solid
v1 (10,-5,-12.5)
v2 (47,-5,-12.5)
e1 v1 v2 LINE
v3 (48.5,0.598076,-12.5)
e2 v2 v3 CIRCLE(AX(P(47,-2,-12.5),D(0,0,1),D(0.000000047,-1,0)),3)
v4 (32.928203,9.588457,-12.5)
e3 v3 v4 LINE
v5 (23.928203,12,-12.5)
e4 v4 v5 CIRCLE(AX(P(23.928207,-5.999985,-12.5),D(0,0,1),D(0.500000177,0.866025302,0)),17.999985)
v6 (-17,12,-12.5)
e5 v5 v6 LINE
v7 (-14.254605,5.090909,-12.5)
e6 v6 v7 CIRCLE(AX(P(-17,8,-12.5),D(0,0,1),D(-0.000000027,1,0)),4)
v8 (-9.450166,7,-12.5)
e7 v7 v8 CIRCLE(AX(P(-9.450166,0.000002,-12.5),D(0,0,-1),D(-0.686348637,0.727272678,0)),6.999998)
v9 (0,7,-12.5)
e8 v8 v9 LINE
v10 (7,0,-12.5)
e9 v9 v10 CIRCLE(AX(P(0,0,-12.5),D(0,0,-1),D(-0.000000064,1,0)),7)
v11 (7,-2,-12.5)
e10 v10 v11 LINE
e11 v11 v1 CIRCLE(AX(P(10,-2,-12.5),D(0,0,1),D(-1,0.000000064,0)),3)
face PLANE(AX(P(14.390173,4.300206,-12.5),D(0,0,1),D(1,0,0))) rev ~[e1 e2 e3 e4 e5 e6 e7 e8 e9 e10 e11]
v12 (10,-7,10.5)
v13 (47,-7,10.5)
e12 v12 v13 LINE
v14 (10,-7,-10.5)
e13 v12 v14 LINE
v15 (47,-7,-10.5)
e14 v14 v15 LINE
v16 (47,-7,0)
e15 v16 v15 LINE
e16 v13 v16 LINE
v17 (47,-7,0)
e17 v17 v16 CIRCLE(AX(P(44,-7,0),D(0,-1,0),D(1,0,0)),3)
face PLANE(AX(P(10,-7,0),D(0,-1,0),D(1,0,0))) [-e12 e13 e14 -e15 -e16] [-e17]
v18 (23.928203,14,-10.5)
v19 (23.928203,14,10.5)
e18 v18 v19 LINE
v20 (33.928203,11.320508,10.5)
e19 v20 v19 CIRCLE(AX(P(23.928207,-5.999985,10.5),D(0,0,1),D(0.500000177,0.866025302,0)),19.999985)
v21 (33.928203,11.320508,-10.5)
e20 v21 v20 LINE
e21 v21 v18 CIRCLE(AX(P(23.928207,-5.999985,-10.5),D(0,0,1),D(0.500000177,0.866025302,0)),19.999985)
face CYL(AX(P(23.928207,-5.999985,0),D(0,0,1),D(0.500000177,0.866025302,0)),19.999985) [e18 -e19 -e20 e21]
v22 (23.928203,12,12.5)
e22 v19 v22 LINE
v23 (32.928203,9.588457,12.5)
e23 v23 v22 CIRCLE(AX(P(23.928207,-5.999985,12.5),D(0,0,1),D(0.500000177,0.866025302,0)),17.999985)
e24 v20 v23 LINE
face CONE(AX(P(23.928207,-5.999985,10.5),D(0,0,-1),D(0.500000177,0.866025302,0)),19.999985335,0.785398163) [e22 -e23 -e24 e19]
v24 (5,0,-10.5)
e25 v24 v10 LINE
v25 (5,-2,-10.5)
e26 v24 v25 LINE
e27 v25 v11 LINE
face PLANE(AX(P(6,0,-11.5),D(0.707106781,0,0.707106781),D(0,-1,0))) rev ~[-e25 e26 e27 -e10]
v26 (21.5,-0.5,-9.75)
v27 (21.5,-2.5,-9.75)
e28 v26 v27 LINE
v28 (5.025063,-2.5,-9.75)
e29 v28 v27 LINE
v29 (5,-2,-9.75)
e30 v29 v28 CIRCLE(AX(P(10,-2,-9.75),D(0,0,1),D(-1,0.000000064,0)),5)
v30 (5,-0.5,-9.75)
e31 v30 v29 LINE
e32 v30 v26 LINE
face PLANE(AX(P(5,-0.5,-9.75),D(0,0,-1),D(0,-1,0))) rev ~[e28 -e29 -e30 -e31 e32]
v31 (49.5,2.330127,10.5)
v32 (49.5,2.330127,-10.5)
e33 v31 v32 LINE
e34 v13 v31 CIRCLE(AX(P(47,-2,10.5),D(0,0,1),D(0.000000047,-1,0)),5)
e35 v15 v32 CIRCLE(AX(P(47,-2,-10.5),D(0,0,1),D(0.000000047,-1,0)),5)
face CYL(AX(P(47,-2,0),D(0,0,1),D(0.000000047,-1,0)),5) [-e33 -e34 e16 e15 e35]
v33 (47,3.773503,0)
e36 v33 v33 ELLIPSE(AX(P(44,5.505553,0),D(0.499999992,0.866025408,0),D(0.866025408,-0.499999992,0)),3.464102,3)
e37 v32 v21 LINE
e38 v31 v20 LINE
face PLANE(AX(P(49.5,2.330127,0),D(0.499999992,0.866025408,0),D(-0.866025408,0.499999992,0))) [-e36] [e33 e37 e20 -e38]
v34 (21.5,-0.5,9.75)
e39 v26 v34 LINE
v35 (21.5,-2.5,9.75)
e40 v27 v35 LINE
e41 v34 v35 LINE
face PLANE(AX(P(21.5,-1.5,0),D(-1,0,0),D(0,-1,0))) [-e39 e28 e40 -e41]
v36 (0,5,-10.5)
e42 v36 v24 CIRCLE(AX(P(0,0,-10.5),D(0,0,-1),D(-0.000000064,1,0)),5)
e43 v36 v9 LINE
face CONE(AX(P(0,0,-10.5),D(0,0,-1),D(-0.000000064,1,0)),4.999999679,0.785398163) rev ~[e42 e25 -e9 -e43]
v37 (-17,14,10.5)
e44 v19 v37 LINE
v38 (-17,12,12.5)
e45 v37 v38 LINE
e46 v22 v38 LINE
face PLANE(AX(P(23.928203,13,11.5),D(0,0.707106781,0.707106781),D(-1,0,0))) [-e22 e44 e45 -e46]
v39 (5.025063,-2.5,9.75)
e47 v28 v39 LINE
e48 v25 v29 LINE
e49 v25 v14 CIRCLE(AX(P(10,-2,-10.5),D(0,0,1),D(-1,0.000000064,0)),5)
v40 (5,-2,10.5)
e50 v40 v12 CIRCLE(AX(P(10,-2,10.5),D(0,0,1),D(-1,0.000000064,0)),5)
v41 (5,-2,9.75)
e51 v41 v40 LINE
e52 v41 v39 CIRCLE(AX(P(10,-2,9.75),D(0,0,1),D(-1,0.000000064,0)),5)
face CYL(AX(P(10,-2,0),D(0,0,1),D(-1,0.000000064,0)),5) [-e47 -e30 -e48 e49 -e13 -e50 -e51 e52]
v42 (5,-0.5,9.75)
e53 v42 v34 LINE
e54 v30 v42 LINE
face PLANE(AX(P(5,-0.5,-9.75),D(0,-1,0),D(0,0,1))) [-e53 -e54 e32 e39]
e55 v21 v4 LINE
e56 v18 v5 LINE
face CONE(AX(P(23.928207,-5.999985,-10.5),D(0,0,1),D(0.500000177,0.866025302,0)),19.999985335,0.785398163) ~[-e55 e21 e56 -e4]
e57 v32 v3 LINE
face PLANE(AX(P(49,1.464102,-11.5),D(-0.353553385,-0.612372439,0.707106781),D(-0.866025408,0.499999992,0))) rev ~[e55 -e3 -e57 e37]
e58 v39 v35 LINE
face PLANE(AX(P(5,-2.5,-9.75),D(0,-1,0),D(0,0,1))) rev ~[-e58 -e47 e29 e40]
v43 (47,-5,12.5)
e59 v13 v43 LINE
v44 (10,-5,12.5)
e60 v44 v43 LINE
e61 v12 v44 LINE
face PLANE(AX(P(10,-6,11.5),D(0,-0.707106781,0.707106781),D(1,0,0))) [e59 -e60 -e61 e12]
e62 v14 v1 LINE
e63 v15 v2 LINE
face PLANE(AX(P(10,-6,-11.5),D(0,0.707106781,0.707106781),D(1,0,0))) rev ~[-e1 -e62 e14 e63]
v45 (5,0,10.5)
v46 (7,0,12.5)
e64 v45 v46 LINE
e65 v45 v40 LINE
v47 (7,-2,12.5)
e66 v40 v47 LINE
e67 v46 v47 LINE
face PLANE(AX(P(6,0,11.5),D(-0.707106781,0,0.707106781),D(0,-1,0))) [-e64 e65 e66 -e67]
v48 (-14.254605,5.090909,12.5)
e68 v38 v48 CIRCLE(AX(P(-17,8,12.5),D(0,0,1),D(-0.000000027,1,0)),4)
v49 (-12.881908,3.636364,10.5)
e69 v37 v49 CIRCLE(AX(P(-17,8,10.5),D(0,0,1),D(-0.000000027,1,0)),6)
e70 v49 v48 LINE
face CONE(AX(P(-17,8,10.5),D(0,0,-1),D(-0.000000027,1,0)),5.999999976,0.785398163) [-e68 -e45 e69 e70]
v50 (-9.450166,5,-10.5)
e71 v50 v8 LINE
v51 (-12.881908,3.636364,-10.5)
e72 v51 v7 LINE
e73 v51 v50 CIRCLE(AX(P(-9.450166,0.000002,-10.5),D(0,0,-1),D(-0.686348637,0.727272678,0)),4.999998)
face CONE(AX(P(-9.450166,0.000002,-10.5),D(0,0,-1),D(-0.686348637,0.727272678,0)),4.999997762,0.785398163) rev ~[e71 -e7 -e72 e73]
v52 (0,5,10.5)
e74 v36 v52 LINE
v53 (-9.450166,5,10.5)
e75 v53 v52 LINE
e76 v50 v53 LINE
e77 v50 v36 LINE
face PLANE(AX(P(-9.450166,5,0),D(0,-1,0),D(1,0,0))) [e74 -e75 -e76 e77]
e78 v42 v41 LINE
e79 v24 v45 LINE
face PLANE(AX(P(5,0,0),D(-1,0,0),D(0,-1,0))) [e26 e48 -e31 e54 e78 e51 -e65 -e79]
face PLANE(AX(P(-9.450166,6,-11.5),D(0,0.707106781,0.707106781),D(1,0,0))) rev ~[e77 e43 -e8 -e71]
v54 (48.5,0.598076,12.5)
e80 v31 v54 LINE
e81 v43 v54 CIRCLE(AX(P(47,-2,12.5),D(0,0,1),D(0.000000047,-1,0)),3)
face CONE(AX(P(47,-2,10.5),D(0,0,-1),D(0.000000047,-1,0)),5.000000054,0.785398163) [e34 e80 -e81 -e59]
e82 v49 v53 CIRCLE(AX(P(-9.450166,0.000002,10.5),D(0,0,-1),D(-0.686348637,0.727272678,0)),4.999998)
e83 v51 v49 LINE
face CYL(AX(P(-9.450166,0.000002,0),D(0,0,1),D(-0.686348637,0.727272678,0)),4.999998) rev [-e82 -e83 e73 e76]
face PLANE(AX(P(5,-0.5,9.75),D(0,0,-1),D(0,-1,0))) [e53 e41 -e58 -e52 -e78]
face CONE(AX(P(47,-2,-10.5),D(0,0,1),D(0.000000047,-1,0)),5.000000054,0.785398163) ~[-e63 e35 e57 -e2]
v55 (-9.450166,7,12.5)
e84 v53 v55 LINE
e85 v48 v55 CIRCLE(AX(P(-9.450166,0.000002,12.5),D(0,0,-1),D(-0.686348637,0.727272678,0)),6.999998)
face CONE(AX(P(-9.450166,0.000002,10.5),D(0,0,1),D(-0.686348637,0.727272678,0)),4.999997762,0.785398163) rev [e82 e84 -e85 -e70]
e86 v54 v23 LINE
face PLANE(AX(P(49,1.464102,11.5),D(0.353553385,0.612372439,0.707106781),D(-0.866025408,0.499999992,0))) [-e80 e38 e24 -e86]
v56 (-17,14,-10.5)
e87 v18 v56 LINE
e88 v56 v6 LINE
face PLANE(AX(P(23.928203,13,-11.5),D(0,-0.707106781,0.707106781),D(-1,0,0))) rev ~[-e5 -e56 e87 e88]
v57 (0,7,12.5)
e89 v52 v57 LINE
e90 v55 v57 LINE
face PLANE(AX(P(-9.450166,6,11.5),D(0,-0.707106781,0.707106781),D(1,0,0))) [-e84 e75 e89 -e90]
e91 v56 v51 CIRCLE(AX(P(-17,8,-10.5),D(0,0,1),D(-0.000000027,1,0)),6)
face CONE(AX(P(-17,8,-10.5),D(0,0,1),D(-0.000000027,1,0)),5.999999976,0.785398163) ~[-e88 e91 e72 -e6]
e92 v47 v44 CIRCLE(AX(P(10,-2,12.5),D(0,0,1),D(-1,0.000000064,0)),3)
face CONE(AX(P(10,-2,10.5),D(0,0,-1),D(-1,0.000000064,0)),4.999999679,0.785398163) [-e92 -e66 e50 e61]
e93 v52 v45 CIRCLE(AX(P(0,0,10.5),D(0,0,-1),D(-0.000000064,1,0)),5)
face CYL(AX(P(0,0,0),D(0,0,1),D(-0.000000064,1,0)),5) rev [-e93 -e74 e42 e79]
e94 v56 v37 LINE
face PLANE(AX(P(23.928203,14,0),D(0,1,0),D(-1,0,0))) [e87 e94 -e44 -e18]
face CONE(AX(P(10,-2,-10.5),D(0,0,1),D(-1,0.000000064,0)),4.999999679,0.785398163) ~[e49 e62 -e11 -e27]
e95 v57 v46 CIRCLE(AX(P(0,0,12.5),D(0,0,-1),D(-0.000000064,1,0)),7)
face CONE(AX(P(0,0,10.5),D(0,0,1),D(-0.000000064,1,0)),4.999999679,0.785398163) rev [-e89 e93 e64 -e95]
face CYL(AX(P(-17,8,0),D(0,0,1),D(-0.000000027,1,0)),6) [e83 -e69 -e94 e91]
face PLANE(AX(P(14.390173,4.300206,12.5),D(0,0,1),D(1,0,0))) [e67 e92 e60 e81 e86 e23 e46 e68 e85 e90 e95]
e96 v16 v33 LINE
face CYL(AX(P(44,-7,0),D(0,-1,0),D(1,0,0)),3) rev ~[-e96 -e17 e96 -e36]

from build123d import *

# Parameters (mm, degrees)
F1_DEPTH = 12.5
F2_W     = 2
F2_H     = 19.5
F3_DEPTH = 16.5
F4_SIZE  = 2
F5_R     = 3
F6_DEPTH = 21.001


with BuildPart() as f1:
    # F0 (on Top) → F1 (new body, symmetric)
    with BuildSketch(Plane.XY):
        with BuildLine():
            Line((49.5, 2.330127), (33.928203, 11.320508))
            ThreePointArc((33.928203, 11.320508), (29.104584, 13.318517), (23.928203, 14))
            Line((23.928203, 14), (-17, 14))
            ThreePointArc((-17, 14), (-22.575922, 5.784353), (-12.881908, 3.636364))
            ThreePointArc((-12.881908, 3.636364), (-11.296538, 4.646602), (-9.450166, 5))
            Line((-9.450166, 5), (0, 5))
            ThreePointArc((0, 5), (3.535534, 3.535534), (5, 0))
            Line((5, 0), (5, -2))
            ThreePointArc((5, -2), (6.464466, -5.535534), (10, -7))
            Line((10, -7), (47, -7))
            ThreePointArc((47, -7), (51.829629, -3.294095), (49.5, 2.330127))
        make_face()
    extrude(amount=F1_DEPTH, both=True)

    # F2 (on face) → F3 (cut)
    with BuildSketch(Plane(origin=(5, 0, 0), x_dir=(0, -1, 0), z_dir=(-1, 0, 0))):
        with Locations((1.5, 0)):
            Rectangle(F2_W, F2_H)
    extrude(amount=-F3_DEPTH, mode=Mode.SUBTRACT)

    # F4
    f4_edges = [f1.edges().sort_by_distance(p)[0] for p in [
        (41.714102, 6.825318, 12.5),
        (29.104584, 13.318517, 12.5),
        (3.464102, 14, 12.5),
        (-22.575922, 5.784353, 12.5),
        (-11.296538, 4.646602, 12.5),
        (-4.725083, 5, 12.5),
        (3.535534, 3.535534, 12.5),
        (5, -1, 12.5),
        (6.464466, -5.535534, 12.5),
        (28.5, -7, 12.5),
        (51.829629, -3.294095, 12.5),
        (41.714102, 6.825318, -12.5),
        (29.104584, 13.318517, -12.5),
        (3.464102, 14, -12.5),
        (-22.575922, 5.784353, -12.5),
        (-11.296538, 4.646602, -12.5),
        (-4.725083, 5, -12.5),
        (3.535534, 3.535534, -12.5),
        (5, -1, -12.5),
        (6.464466, -5.535534, -12.5),
        (28.5, -7, -12.5),
        (51.829629, -3.294095, -12.5),
    ]]
    chamfer(f4_edges, length=F4_SIZE)

    # F5 (on face) → F6 (cut, through all)
    with BuildSketch(Plane.XZ.offset(7)):
        with Locations((44, 0)):
            Circle(F5_R)
    extrude(amount=-F6_DEPTH, mode=Mode.SUBTRACT)


solid = f1.part
